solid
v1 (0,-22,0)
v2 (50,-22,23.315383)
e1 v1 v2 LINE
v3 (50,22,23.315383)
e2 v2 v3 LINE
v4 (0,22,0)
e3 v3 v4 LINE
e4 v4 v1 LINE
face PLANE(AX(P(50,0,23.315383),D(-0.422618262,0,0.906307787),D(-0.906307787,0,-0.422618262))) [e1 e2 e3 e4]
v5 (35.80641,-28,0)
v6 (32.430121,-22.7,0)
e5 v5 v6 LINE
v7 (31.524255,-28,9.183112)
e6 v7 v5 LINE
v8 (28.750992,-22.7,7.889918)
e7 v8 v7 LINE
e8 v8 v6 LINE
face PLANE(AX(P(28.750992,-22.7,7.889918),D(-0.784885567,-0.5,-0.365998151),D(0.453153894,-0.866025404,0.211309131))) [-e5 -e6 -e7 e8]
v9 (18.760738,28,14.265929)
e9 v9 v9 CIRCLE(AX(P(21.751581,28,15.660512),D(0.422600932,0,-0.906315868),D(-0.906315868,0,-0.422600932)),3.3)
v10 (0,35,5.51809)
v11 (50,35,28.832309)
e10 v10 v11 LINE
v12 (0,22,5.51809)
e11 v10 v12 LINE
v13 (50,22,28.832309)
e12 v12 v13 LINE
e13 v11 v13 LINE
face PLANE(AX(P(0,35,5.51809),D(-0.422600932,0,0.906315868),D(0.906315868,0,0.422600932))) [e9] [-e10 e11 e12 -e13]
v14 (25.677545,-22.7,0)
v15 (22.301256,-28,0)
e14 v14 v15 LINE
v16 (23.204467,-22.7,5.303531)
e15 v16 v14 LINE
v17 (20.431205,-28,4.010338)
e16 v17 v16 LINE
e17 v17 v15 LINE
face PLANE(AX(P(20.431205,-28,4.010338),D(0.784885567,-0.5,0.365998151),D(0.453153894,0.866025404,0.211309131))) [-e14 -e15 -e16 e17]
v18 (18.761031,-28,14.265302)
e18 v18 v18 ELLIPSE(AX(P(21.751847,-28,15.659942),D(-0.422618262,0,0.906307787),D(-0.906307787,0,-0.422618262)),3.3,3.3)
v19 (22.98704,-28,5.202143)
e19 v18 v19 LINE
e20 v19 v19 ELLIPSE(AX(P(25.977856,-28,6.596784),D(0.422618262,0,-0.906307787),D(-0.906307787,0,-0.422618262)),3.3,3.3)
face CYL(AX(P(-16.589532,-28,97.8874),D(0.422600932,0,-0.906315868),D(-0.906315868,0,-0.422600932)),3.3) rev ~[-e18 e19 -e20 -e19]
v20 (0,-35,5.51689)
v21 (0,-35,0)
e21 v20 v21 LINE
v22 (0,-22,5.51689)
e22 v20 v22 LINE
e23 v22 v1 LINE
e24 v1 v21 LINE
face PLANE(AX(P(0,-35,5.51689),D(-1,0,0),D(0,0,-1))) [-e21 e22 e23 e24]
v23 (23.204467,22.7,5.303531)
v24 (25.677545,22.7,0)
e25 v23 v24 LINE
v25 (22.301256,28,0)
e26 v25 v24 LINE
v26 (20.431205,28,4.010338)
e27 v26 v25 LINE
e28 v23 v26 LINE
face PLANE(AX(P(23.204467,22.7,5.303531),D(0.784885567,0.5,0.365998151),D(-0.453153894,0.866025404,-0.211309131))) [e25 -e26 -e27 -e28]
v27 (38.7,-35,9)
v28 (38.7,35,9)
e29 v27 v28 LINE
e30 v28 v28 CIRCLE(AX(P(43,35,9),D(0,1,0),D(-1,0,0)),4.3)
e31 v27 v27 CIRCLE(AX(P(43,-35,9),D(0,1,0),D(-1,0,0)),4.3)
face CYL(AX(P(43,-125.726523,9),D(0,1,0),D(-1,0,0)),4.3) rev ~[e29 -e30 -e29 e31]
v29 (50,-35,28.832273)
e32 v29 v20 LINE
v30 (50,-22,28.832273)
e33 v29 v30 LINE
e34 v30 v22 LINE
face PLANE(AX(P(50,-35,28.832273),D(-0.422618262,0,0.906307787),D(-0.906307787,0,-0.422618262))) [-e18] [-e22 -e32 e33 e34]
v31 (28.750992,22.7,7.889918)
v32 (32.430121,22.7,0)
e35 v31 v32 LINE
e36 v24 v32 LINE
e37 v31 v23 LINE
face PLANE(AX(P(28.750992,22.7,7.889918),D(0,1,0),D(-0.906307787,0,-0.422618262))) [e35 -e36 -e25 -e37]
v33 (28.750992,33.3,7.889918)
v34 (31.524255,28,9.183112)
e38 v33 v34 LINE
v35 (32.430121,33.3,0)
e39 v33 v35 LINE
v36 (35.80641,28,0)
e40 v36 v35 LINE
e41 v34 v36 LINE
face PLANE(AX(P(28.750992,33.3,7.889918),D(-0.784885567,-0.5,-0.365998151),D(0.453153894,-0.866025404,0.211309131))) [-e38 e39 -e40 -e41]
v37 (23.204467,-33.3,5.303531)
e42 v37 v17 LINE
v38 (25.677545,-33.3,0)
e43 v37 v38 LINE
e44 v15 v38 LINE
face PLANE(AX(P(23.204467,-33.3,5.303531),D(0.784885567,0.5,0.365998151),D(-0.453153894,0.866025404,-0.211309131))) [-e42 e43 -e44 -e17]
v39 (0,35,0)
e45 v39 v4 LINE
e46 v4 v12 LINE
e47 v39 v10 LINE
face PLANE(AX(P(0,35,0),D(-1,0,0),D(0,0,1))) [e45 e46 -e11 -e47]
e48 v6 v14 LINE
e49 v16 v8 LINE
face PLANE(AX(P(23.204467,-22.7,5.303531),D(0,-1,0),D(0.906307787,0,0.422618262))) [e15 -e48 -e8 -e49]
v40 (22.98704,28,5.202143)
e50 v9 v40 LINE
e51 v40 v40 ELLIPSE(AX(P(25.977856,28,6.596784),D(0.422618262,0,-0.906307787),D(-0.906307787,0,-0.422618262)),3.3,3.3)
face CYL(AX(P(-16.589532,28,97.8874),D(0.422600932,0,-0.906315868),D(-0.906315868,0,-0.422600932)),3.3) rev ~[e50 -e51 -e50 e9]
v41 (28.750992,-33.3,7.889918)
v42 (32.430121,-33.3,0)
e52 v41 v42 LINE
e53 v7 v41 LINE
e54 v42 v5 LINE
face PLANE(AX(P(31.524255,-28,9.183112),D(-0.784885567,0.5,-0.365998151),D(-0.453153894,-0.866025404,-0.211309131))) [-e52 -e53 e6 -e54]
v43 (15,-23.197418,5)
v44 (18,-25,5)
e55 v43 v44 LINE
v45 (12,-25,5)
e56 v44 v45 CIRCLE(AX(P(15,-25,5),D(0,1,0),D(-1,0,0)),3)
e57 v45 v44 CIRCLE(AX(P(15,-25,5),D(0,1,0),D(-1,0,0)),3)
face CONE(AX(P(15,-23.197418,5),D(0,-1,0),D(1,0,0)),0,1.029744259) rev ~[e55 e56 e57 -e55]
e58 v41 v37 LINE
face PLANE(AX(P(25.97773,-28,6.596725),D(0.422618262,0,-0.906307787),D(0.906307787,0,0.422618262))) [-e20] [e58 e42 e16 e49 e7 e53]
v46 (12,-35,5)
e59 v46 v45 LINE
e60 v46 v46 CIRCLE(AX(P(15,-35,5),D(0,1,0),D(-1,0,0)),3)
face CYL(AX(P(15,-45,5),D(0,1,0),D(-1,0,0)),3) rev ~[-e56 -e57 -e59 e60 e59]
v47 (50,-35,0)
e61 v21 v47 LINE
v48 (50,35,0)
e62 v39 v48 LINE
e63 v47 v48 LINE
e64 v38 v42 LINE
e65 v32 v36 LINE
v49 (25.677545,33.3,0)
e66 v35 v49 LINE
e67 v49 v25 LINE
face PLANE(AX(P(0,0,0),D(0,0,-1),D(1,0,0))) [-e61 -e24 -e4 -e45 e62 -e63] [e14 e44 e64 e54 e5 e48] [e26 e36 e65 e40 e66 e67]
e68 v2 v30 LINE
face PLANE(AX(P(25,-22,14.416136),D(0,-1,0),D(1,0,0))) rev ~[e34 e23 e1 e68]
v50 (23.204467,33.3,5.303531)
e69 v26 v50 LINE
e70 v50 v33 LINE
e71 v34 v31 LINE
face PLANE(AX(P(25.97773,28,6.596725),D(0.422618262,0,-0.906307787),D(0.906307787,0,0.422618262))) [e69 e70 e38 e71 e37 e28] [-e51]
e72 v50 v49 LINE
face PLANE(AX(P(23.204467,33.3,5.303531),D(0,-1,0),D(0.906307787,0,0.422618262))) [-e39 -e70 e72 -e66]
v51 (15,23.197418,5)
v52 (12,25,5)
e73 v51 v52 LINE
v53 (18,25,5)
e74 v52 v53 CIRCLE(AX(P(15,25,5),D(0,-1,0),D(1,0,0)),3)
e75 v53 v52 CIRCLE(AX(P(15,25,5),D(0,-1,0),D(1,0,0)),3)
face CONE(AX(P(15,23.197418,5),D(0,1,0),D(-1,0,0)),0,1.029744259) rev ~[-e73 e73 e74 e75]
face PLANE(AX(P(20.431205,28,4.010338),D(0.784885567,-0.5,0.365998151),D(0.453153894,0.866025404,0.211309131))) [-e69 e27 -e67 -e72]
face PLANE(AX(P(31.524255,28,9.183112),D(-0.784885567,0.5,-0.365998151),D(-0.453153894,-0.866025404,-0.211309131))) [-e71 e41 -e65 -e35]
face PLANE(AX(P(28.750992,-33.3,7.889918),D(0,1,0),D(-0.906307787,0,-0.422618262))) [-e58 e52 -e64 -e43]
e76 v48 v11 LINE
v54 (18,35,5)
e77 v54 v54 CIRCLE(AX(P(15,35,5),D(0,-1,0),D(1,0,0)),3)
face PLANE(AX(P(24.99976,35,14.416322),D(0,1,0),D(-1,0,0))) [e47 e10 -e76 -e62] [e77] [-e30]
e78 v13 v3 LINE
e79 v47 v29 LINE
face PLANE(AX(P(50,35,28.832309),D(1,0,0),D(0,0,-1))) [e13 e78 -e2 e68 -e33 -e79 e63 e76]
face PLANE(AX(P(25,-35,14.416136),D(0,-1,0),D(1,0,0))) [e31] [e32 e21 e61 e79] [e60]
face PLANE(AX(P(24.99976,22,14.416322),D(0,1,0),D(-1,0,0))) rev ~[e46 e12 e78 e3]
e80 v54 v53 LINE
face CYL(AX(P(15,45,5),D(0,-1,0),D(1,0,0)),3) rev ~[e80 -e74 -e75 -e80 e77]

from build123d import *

# Parameters (mm, degrees)
F1_DEPTH  = 35
F5_DEPTH  = 13
F7_DEPTH  = 13
F9_D      = 6.6
F12_DEPTH = 15
F14_D     = 8.6
F17_D     = 6
F17_DEPTH = 10
F17_TIP   = 1.8025818571
F19_D     = 6
F19_DEPTH = 10
F19_TIP   = 1.8025818571


with BuildPart() as f1:
    # F0 (on Front) → F1 (new body, symmetric)
    with BuildSketch(Plane.XZ):
        Polygon((50, 23.3153829077), (0, 0), (50, 0), align=None)
    extrude(amount=F1_DEPTH, both=True)

    # F4 (on face) → F5 (join)
    with BuildSketch(Plane.XZ.offset(35)):
        Polygon((0, 5.5168895948), (0, 0), (50, 23.3153829077), (50, 28.8322725026), align=None)
    extrude(amount=-F5_DEPTH)

    # F6 (on face) → F7 (join)
    with BuildSketch(Plane(origin=(0, 35, 0), x_dir=(-1, 0, 0), z_dir=(0, 1, 0))):
        Polygon((-50, 28.832308948), (-50, 23.3153829077), (0, 0), (0, 5.5180899799), align=None)
    extrude(amount=-F7_DEPTH)

    # F9 (through all)
    with Locations(Plane(origin=(-2.1134832591, 0, 4.5326057501), x_dir=(0.9063158679, 0, 0.4226009319), z_dir=(-0.4226009319, 0, 0.9063158679))):
        with Locations((26.3319499681, 28), (26.3319499681, -28)):
            Hole(F9_D / 2)

    # F11 (on offset) → F12 (cut)
    with BuildSketch(Plane(origin=(2.1130913087, 0, -4.5315389352), x_dir=(0.906307787, 0, 0.4226182617), z_dir=(0.4226182617, 0, -0.906307787))):
        Polygon((20.2118023361, -28), (23.2717587628, -33.3), (29.3916716162, -33.3), (32.4516280429, -28), (29.3916716162, -22.7), (23.2717587628, -22.7), align=None)
        Polygon((20.2118023361, 28), (23.2717587628, 22.7), (29.3916716162, 22.7), (32.4516280429, 28), (29.3916716162, 33.3), (23.2717587628, 33.3), align=None)
    extrude(amount=F12_DEPTH, mode=Mode.SUBTRACT)

    # F14 (through all)
    with Locations(Plane.XZ.offset(35)):
        with Locations((43, 9)):
            Hole(F14_D / 2)

    # F17
    with Locations(Plane.XZ.offset(35)):
        with Locations((15, 5)):
            Hole(F17_D / 2, depth=F17_DEPTH)
            with Locations((0, 0, -(F17_DEPTH + F17_TIP / 2))):  # 118° drill point
                Cone(0, F17_D / 2, F17_TIP, mode=Mode.SUBTRACT)

    # F19
    with Locations(Plane(origin=(0, 35, 0), x_dir=(-1, 0, 0), z_dir=(0, 1, 0))):
        with Locations((-15, 5)):
            Hole(F19_D / 2, depth=F19_DEPTH)
            with Locations((0, 0, -(F19_DEPTH + F19_TIP / 2))):  # 118° drill point
                Cone(0, F19_D / 2, F19_TIP, mode=Mode.SUBTRACT)


solid = f1.part
